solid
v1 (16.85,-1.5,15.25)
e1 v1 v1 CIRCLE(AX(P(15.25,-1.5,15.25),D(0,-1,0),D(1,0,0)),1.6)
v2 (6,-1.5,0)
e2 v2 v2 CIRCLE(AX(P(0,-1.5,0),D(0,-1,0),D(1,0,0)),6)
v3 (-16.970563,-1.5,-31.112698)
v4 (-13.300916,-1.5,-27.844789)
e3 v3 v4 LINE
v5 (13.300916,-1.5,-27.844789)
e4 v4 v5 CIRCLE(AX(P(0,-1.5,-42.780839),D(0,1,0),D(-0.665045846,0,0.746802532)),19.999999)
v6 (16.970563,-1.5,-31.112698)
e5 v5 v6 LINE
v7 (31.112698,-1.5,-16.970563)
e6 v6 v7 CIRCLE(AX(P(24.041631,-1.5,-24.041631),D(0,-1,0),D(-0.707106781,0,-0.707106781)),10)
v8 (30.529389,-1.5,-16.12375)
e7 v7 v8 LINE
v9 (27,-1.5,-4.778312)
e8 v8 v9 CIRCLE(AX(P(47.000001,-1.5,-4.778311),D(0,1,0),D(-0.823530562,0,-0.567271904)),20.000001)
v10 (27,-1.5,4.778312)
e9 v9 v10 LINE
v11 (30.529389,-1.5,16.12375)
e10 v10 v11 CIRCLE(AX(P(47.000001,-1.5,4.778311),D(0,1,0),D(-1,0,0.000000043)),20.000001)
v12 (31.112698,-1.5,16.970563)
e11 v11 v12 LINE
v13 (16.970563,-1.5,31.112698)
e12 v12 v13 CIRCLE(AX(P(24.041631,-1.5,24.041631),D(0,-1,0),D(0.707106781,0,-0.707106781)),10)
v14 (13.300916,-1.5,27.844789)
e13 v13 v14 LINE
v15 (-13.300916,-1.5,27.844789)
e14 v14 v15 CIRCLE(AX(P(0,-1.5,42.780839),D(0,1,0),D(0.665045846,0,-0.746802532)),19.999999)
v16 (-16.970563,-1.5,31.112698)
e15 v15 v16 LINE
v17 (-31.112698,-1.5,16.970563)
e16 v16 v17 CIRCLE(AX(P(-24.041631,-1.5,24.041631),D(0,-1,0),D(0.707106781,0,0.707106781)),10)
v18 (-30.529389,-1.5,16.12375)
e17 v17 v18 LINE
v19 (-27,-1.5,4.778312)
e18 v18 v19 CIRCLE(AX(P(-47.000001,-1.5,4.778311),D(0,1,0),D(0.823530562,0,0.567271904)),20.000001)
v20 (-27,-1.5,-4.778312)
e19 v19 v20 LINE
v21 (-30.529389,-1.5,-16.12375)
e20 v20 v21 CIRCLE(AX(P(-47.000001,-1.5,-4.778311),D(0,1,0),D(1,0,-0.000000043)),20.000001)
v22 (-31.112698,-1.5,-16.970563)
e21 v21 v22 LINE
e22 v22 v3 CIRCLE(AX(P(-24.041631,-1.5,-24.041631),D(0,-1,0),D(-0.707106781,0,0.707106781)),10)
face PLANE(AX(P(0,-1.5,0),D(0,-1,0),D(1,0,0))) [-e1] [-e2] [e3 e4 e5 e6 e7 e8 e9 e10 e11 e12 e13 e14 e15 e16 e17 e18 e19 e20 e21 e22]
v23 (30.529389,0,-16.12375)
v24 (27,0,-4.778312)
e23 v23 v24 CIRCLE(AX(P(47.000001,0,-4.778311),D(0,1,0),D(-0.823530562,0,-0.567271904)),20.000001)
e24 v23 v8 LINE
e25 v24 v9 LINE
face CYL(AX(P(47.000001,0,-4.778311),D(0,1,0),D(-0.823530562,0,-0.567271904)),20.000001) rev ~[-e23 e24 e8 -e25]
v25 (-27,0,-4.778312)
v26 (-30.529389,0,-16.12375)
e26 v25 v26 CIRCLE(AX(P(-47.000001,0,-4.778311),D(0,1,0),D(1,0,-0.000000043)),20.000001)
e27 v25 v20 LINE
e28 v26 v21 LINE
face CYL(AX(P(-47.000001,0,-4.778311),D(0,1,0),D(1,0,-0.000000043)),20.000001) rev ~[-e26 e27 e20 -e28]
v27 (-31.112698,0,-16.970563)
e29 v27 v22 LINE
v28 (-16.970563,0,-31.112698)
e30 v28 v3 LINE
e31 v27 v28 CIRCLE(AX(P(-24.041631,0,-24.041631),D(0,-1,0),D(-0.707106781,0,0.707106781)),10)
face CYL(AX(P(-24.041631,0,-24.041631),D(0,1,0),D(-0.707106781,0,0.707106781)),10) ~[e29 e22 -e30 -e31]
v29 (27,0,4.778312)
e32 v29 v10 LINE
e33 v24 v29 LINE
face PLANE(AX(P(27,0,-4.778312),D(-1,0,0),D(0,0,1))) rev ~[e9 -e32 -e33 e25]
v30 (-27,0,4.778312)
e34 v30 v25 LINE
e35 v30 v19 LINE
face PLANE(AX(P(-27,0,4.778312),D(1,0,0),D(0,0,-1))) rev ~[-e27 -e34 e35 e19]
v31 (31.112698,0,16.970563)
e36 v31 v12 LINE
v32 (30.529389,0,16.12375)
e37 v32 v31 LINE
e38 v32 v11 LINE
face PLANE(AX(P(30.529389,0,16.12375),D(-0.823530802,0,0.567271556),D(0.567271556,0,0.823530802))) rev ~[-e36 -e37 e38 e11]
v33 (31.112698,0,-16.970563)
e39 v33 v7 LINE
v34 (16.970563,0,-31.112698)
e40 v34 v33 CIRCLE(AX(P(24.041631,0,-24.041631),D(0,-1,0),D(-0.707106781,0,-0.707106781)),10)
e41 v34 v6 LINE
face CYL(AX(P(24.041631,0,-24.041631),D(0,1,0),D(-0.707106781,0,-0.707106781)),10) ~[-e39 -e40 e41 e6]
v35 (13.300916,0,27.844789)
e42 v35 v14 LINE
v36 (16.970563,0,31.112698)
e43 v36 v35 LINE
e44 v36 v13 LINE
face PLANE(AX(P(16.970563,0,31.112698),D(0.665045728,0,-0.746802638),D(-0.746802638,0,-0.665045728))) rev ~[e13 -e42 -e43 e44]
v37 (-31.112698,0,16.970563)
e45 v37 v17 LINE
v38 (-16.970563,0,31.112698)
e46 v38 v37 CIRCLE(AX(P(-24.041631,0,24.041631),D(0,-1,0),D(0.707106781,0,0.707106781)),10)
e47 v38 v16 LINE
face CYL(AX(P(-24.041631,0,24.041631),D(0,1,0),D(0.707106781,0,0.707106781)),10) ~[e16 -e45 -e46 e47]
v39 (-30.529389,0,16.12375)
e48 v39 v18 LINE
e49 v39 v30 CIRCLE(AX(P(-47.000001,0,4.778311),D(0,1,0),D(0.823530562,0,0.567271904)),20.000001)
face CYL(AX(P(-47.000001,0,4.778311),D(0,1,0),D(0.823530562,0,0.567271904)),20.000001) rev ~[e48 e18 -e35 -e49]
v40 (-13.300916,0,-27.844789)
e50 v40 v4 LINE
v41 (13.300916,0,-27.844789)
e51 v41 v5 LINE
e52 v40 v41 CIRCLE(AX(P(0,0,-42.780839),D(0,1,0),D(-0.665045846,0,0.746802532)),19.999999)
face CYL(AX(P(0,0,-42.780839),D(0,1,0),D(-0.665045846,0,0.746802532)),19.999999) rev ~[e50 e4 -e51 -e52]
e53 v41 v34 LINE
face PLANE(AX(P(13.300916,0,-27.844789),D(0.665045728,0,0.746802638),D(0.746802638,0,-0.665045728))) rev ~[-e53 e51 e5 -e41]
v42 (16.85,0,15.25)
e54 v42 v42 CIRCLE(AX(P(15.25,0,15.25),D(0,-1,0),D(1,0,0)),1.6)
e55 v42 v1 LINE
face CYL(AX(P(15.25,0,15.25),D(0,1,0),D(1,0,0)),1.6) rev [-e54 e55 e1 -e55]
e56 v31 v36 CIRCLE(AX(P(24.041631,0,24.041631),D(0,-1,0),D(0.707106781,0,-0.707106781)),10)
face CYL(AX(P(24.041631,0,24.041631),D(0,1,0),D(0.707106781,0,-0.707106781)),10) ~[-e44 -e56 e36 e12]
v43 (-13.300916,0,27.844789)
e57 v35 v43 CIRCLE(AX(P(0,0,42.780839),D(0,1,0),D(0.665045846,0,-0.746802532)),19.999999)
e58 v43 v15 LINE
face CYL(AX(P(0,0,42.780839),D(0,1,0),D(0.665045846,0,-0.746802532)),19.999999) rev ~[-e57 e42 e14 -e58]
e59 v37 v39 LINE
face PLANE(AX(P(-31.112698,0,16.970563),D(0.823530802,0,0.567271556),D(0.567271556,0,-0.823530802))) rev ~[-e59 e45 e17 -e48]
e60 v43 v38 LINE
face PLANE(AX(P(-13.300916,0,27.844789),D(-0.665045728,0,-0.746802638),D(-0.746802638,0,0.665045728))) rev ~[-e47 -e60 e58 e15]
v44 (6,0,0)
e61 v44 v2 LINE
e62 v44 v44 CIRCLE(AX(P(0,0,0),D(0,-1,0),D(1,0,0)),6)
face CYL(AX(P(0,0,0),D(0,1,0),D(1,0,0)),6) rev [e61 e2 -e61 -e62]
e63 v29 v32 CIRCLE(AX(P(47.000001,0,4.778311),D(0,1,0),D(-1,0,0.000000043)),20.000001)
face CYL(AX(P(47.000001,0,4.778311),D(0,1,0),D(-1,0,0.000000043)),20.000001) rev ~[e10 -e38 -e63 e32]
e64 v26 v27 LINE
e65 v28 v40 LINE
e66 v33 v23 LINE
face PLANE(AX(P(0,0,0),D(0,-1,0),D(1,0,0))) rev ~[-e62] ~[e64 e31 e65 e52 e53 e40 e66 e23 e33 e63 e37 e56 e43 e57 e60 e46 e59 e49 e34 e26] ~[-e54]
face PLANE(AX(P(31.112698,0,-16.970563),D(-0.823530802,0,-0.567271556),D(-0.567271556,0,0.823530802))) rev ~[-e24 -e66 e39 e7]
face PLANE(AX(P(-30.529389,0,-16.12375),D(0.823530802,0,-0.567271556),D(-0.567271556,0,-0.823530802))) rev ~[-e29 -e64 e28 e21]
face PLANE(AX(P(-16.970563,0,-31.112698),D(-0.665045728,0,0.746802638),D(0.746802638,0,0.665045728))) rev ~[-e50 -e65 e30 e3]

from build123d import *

# Parameters (mm, degrees)
F0_R     = 6
F0_R_2   = 1.6
F1_DEPTH = 1.5


with BuildPart() as f1:
    # F0 (on Front) → F1 (new body)
    with BuildSketch(Plane.XZ):
        with BuildLine():
            ThreePointArc((31.112698, 16.970563), (31.112698, 31.112698), (16.970563, 31.112698))
            Line((16.970563, 31.112698), (13.300916, 27.844789))
            ThreePointArc((13.300916, 27.844789), (0, 22.78084), (-13.300916, 27.844789))
            Line((-13.300916, 27.844789), (-16.970563, 31.112698))
            ThreePointArc((-16.970563, 31.112698), (-31.112698, 31.112698), (-31.112698, 16.970563))
            Line((-31.112698, 16.970563), (-30.529389, 16.12375))
            ThreePointArc((-30.529389, 16.12375), (-27.90272, 10.719178), (-27, 4.778312))
            Line((-27, 4.778312), (-27, -4.778312))
            ThreePointArc((-27, -4.778312), (-27.90272, -10.719178), (-30.529389, -16.12375))
            Line((-30.529389, -16.12375), (-31.112698, -16.970563))
            ThreePointArc((-31.112698, -16.970563), (-31.112698, -31.112698), (-16.970563, -31.112698))
            Line((-16.970563, -31.112698), (-13.300916, -27.844789))
            ThreePointArc((-13.300916, -27.844789), (0, -22.78084), (13.300916, -27.844789))
            Line((13.300916, -27.844789), (16.970563, -31.112698))
            ThreePointArc((16.970563, -31.112698), (31.112698, -31.112698), (31.112698, -16.970563))
            Line((31.112698, -16.970563), (30.529389, -16.12375))
            ThreePointArc((30.529389, -16.12375), (27.90272, -10.719178), (27, -4.778312))
            Line((27, -4.778312), (27, 4.778312))
            ThreePointArc((27, 4.778312), (27.90272, 10.719178), (30.529389, 16.12375))
            Line((30.529389, 16.12375), (31.112698, 16.970563))
        make_face()
        Circle(F0_R, mode=Mode.SUBTRACT)
        with Locations((15.25, 15.25)):
            Circle(F0_R_2, mode=Mode.SUBTRACT)
    extrude(amount=F1_DEPTH)


solid = f1.part
